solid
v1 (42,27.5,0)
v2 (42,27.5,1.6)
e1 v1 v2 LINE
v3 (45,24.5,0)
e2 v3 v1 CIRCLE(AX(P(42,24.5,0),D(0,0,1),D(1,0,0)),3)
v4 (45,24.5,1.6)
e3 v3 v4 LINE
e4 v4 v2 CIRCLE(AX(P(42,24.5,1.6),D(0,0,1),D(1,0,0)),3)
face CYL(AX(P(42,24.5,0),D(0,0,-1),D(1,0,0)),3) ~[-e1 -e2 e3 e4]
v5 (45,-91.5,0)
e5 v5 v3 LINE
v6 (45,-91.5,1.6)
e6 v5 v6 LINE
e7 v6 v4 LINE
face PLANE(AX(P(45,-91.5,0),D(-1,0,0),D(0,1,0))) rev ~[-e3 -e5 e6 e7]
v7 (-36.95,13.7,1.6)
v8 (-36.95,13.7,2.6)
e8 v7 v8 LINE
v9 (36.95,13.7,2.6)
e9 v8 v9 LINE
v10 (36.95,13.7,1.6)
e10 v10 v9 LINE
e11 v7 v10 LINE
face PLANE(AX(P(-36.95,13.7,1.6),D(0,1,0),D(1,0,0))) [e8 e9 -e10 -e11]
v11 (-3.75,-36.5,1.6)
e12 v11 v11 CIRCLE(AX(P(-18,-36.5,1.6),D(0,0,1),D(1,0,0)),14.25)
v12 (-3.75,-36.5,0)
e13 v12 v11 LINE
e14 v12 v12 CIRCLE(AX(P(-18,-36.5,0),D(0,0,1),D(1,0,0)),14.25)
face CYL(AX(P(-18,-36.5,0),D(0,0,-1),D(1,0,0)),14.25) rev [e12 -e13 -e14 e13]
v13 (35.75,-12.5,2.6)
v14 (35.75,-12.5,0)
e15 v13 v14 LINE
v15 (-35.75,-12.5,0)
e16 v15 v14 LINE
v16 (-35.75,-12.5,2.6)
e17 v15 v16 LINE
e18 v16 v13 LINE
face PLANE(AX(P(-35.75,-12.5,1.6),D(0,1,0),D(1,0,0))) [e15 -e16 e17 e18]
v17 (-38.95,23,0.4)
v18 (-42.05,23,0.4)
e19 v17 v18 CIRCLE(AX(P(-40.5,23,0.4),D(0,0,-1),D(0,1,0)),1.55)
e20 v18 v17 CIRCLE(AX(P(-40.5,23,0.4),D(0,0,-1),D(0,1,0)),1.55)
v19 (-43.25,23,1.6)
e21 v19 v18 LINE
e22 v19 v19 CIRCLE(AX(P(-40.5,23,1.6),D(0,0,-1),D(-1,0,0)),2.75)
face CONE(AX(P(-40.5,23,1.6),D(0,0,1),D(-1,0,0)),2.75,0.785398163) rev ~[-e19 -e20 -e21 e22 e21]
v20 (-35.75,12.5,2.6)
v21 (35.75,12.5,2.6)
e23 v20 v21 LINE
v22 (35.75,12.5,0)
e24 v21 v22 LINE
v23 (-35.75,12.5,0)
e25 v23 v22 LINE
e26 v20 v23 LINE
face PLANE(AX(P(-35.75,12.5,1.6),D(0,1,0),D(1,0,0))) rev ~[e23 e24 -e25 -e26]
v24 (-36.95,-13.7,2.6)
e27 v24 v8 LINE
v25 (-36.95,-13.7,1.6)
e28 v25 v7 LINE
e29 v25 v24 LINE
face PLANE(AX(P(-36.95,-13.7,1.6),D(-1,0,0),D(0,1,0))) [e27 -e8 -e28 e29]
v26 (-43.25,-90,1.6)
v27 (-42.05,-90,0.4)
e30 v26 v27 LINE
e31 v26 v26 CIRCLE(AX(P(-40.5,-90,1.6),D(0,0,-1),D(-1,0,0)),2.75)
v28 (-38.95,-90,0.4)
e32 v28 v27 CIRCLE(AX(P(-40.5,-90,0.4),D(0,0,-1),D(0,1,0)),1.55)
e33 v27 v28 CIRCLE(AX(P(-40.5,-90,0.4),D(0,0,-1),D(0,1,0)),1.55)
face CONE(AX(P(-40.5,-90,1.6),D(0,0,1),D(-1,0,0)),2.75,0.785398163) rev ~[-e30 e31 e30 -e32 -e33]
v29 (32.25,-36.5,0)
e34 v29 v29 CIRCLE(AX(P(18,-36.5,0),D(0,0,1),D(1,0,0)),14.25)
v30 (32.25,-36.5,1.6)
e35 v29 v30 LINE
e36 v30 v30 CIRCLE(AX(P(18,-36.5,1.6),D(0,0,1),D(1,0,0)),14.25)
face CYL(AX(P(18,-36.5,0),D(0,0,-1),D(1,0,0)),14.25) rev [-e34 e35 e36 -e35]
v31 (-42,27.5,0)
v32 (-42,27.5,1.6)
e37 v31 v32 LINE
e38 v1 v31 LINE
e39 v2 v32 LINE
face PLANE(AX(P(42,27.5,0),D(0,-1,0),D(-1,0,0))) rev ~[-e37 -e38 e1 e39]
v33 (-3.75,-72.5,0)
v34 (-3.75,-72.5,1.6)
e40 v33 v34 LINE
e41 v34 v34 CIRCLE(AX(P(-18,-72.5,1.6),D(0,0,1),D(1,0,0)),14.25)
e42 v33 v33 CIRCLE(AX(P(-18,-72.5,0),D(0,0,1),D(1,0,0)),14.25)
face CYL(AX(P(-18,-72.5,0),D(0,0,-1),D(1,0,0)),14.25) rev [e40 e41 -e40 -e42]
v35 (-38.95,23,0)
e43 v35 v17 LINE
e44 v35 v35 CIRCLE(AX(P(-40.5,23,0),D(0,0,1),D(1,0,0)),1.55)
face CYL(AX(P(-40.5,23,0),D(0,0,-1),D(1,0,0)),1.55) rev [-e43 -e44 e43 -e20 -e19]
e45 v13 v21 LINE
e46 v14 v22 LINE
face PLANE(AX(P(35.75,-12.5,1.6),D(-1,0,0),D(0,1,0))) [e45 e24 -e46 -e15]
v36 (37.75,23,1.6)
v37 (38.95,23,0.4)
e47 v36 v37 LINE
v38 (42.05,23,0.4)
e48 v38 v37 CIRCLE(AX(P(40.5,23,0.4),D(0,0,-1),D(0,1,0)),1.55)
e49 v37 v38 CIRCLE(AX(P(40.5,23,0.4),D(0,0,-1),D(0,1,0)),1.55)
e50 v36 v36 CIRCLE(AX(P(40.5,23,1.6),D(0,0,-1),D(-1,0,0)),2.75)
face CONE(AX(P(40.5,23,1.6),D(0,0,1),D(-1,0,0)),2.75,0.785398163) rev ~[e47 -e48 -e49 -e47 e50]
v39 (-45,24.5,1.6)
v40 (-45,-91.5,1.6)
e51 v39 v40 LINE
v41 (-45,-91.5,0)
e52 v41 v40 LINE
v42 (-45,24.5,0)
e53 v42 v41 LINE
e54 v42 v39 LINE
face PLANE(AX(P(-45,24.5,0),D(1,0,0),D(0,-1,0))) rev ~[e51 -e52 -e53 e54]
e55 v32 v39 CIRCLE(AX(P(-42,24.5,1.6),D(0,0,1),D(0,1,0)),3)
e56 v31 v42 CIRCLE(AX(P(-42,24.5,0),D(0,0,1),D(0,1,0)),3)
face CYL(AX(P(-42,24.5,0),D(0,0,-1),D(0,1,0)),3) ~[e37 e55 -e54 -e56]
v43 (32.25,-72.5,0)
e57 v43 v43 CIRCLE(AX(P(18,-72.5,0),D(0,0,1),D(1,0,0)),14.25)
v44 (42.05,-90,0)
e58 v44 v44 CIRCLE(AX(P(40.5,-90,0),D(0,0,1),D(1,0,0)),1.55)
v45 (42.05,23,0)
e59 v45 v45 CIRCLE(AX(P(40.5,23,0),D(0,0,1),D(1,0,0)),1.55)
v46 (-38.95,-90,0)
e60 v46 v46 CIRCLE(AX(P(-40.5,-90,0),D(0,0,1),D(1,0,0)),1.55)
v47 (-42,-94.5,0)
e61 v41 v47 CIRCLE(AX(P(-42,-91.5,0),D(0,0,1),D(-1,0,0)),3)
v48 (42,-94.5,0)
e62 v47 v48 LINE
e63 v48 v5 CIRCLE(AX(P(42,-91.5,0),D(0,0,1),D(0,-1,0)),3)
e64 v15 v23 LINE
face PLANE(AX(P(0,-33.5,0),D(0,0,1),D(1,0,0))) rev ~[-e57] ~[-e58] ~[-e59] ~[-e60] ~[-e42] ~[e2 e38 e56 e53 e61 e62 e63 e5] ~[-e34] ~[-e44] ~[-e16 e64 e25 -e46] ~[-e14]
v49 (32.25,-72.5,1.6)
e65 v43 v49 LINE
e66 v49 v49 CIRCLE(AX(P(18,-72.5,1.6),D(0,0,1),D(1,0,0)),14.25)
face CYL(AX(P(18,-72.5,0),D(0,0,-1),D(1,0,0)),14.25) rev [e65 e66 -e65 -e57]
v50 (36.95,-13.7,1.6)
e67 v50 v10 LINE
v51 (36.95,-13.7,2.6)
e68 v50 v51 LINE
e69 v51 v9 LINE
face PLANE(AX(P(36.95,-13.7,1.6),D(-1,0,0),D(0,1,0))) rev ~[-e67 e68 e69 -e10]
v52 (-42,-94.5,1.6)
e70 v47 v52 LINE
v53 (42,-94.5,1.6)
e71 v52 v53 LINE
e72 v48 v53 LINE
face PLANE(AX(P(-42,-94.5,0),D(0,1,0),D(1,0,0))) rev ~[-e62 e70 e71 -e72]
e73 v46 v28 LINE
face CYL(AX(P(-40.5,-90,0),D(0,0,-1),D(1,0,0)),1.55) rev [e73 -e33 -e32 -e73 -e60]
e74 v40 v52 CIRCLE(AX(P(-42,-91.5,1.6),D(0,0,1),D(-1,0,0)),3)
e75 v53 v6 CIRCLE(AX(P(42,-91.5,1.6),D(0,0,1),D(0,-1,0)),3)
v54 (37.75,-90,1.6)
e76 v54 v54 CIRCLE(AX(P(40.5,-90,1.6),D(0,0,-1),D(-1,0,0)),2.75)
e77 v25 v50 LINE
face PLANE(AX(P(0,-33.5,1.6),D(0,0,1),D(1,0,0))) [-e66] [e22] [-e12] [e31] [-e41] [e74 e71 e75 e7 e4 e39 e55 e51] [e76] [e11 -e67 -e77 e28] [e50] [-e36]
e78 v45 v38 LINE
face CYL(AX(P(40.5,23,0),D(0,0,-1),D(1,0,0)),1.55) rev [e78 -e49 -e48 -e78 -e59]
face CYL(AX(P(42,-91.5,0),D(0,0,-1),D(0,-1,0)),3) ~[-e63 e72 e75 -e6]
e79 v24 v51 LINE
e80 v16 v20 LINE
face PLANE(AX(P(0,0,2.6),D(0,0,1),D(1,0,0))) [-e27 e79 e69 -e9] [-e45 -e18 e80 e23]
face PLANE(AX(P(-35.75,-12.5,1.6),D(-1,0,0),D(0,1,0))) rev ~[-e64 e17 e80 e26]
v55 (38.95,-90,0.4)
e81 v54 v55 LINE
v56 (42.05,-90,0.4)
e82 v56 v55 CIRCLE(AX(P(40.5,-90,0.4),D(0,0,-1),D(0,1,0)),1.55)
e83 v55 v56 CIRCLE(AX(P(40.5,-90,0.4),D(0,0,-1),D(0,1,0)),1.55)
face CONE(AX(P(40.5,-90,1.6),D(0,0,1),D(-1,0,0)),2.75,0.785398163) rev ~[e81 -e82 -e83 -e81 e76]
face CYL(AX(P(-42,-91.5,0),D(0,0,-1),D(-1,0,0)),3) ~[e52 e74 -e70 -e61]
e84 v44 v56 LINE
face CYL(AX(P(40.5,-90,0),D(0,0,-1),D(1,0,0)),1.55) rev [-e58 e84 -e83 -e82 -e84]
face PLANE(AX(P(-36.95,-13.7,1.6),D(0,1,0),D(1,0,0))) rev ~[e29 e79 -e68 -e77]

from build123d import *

# Parameters (mm, degrees)
F0_R           = 1.55
F0_R_2         = 14.25
F0_W           = 71.5
F0_H           = 25
F1_DEPTH       = 1.6
F2_W           = 73.9
F2_H           = 27.4
F2_W_2         = 71.5
F2_H_2         = 25
F3_DEPTH       = 1
F5_D           = 3.1
F5_CSINK_D     = 5.5
F5_CSINK_ANGLE = 90


with BuildPart() as f1:
    # F0 (on Top) → F1 (new body)
    with BuildSketch(Plane.XY):
        with BuildLine():
            Line((-42, -94.5), (42, -94.5))
            ThreePointArc((42, -94.5), (44.1213203436, -93.6213203436), (45, -91.5))
            Line((45, -91.5), (45, 24.5))
            ThreePointArc((45, 24.5), (44.1213203436, 26.6213203436), (42, 27.5))
            Line((42, 27.5), (-42, 27.5))
            ThreePointArc((-42, 27.5), (-44.1213203436, 26.6213203436), (-45, 24.5))
            Line((-45, 24.5), (-45, -91.5))
            ThreePointArc((-45, -91.5), (-44.1213203436, -93.6213203436), (-42, -94.5))
        make_face()
        with Locations((-40.5, -90)):
            Circle(F0_R, mode=Mode.SUBTRACT)
        with Locations((-18, -72.5)):
            Circle(F0_R_2, mode=Mode.SUBTRACT)
        with Locations((-18, -36.5)):
            Circle(F0_R_2, mode=Mode.SUBTRACT)
        with Locations((18, -72.5)):
            Circle(F0_R_2, mode=Mode.SUBTRACT)
        with Locations((40.5, -90)):
            Circle(F0_R, mode=Mode.SUBTRACT)
        with Locations((18, -36.5)):
            Circle(F0_R_2, mode=Mode.SUBTRACT)
        with Locations((-40.5, 23)):
            Circle(F0_R, mode=Mode.SUBTRACT)
        Rectangle(F0_W, F0_H, mode=Mode.SUBTRACT)
        with Locations((40.5, 23)):
            Circle(F0_R, mode=Mode.SUBTRACT)
    extrude(amount=F1_DEPTH)

    # F2 (on face) → F3 (join)
    with BuildSketch(Plane.XY.offset(1.6)):
        Rectangle(F2_W, F2_H)
        Rectangle(F2_W_2, F2_H_2, mode=Mode.SUBTRACT)
    extrude(amount=F3_DEPTH)

    # F5 (through all)
    with Locations(Plane.XY.offset(1.6)):
        with Locations((-40.5, 23), (40.5, 23), (-40.5, -90), (40.5, -90)):
            CounterSinkHole(F5_D / 2, F5_CSINK_D / 2, counter_sink_angle=F5_CSINK_ANGLE)


solid = f1.part
